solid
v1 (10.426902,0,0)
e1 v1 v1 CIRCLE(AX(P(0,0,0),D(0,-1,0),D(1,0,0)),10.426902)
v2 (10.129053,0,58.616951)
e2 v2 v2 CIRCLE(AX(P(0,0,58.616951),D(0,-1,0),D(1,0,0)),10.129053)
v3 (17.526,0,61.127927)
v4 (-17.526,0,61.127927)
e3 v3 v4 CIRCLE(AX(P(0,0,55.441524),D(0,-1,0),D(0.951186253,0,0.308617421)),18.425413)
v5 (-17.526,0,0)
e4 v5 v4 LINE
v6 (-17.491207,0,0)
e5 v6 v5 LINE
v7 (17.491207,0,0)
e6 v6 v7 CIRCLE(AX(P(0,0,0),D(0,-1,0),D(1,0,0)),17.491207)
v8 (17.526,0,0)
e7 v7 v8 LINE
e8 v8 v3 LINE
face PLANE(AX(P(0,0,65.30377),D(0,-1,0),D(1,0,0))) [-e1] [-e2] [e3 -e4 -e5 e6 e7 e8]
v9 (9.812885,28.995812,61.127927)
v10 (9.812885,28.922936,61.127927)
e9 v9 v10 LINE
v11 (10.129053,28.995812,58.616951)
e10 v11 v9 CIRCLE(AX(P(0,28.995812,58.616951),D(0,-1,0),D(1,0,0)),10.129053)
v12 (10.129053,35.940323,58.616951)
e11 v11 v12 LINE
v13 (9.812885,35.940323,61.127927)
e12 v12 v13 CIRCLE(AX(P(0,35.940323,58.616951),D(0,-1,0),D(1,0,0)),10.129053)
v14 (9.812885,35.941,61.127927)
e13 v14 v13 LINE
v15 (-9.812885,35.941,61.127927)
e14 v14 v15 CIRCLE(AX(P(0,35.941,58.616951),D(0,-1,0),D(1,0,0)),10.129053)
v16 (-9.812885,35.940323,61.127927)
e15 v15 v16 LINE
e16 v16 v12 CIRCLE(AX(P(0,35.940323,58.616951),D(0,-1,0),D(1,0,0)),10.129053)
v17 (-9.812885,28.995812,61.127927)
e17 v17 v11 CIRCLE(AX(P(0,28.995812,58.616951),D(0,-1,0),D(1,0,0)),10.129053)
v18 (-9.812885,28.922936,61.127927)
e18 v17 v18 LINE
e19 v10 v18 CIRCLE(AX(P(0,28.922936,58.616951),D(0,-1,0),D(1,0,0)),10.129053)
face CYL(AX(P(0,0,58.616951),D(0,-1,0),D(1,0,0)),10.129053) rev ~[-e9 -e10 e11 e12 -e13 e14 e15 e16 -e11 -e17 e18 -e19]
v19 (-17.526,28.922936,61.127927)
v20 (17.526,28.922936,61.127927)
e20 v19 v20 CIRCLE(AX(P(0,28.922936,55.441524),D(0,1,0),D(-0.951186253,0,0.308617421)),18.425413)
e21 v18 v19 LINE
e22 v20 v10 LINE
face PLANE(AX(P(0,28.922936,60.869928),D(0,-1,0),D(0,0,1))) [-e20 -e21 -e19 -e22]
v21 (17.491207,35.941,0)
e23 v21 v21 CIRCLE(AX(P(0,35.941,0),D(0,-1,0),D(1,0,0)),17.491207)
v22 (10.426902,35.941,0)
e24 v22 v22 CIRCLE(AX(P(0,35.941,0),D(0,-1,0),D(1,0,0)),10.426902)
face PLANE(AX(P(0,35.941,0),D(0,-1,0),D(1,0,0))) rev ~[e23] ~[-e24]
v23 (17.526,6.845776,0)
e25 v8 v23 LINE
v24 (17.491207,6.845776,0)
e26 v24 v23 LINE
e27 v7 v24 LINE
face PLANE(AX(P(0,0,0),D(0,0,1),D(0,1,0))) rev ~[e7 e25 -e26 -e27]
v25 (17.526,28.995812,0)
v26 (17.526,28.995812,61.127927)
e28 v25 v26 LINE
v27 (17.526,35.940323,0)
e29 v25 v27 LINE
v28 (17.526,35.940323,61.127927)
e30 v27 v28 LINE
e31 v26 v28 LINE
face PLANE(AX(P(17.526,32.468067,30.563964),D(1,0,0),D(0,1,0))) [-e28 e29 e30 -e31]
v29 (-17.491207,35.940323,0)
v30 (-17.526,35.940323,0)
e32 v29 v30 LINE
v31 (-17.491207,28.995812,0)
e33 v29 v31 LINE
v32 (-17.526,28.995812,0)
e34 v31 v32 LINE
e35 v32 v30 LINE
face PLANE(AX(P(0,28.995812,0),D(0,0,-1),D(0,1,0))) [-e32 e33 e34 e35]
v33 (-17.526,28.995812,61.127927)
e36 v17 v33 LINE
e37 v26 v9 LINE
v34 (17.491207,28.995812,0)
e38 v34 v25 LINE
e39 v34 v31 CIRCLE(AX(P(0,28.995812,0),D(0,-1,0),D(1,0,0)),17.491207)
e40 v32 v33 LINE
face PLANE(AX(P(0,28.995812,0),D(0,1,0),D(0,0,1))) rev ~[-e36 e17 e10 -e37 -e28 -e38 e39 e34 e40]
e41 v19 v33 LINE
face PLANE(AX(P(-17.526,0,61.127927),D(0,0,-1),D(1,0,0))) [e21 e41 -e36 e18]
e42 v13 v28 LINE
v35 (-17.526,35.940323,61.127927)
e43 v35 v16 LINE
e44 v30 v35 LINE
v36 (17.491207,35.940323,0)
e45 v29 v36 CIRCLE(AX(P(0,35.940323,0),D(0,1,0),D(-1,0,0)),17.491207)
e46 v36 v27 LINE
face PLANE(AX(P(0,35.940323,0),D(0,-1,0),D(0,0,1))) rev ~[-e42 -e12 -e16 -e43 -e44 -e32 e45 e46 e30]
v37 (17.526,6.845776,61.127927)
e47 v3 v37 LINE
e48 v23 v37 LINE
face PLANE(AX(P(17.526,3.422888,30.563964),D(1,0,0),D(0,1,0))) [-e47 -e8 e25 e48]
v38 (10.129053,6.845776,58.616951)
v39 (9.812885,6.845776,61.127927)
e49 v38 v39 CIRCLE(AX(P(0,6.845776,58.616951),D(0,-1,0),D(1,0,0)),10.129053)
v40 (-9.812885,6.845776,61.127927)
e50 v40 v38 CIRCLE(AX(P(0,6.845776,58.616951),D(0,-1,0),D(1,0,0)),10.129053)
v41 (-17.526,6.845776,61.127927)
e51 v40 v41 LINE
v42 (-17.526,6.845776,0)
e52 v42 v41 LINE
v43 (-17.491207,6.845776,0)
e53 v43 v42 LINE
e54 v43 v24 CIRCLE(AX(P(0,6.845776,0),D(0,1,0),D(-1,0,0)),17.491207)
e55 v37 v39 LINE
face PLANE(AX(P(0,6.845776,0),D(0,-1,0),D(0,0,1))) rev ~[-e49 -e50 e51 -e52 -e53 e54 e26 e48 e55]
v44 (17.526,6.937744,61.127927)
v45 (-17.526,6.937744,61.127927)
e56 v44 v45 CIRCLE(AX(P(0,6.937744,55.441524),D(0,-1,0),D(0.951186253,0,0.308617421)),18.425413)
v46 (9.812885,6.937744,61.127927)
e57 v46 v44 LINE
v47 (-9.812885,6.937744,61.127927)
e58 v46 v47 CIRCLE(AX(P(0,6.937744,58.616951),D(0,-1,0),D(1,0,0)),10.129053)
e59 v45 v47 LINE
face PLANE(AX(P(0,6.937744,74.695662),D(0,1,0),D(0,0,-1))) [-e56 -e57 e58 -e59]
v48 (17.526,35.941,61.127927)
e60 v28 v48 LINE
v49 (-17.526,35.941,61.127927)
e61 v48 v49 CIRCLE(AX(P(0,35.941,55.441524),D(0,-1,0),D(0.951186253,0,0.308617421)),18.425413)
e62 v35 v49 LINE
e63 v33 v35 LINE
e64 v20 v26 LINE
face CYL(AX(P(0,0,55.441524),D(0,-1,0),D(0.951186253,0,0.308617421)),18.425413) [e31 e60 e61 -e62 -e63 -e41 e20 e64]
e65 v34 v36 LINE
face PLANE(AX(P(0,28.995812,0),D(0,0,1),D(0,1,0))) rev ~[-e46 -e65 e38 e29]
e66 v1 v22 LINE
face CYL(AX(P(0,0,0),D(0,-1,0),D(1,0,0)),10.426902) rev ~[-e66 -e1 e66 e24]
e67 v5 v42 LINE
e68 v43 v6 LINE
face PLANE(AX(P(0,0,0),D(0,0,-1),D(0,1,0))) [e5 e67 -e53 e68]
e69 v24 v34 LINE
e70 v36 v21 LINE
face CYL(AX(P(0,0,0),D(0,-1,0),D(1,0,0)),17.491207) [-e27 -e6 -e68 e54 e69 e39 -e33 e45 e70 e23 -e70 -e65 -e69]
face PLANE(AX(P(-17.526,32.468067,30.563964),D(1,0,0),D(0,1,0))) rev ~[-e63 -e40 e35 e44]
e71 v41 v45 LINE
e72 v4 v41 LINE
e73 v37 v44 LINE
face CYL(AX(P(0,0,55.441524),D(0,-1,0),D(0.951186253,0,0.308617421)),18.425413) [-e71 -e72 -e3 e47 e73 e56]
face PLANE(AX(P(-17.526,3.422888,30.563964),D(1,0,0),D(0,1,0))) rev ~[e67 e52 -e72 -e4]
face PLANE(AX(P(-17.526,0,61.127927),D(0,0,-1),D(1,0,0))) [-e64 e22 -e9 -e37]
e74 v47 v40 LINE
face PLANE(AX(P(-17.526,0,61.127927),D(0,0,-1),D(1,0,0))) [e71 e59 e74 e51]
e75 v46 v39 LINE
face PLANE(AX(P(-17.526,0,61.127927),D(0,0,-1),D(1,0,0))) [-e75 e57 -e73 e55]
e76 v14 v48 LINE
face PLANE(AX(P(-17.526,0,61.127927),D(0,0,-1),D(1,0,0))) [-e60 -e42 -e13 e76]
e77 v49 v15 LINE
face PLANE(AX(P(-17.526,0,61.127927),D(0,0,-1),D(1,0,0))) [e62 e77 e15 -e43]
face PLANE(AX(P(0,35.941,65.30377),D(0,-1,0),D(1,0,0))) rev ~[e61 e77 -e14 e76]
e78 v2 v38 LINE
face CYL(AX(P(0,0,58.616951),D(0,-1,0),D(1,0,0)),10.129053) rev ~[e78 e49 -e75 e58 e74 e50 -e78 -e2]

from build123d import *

# Parameters (mm, degrees)
F0_R           = 17.4912065647
F2_DEPTH       = 35.941
F1_W           = 6.9445110857
F1_H           = 61.1279271543
F3_DEPTH       = 17.526
F3_DEPTH_BACK  = 17.526
F1_W_2         = 6.845775526
F4_DEPTH       = 17.526
F4_DEPTH_BACK  = 17.526
F6_DEPTH       = 35.941
F8_DEPTH       = 25.4
F8_DEPTH_BACK  = 25.4
F9_R           = 10.1290533854
F9_R_2         = 10.4269018425
F10_DEPTH      = 38.1
F10_DEPTH_BACK = 38.1


with BuildPart() as f2:
    # F0 (on Front) → F2 (new body)
    with BuildSketch(Plane.XZ):
        Circle(F0_R)
    extrude(amount=-F2_DEPTH)

    # F1 (on Right) → F3 (join, two sides)
    with BuildSketch(Plane.YZ) as f3_sk:
        with Locations((32.4680674821, 30.5639635772)):
            Rectangle(F1_W, F1_H)
    extrude(amount=F3_DEPTH)
    extrude(f3_sk.sketch, amount=-F3_DEPTH_BACK)

    # F1 (on Right) → F4 (join, two sides)
    with BuildSketch(Plane.YZ) as f4_sk:
        with Locations((3.422887763, 30.5639635772)):
            Rectangle(F1_W_2, F1_H)
        with Locations((32.4680674821, 30.5639635772)):
            Rectangle(F1_W, F1_H)
    extrude(amount=F4_DEPTH)
    extrude(f4_sk.sketch, amount=-F4_DEPTH_BACK)

    # F5 (on face) → F6 (join)
    with BuildSketch(Plane.XZ):
        with BuildLine():
            Line((-17.526, 61.1279271543), (17.526, 61.1279271543))
            ThreePointArc((17.526, 61.1279271543), (0, 73.8669370431), (-17.526, 61.1279271543))
        make_face()
    extrude(amount=-F6_DEPTH)

    # F7 (on Right) → F8 (cut, two sides)
    with BuildSketch(Plane.YZ) as f8_sk:
        Polygon((6.9377436303, 74.695661664), (6.9377436303, 60.9454773366), (28.9229359478, 60.8699284494), (28.9229359478, 74.2423608899), align=None)
    extrude(amount=F8_DEPTH, mode=Mode.SUBTRACT)
    extrude(f8_sk.sketch, amount=-F8_DEPTH_BACK, mode=Mode.SUBTRACT)

    # F9 (on face) → F10 (cut, two sides)
    with BuildSketch(Plane.XZ) as f10_sk:
        with Locations((0, 58.616951108)):
            Circle(F9_R)
        Circle(F9_R_2)
    extrude(amount=F10_DEPTH, mode=Mode.SUBTRACT)
    extrude(f10_sk.sketch, amount=-F10_DEPTH_BACK, mode=Mode.SUBTRACT)


solid = f2.part
